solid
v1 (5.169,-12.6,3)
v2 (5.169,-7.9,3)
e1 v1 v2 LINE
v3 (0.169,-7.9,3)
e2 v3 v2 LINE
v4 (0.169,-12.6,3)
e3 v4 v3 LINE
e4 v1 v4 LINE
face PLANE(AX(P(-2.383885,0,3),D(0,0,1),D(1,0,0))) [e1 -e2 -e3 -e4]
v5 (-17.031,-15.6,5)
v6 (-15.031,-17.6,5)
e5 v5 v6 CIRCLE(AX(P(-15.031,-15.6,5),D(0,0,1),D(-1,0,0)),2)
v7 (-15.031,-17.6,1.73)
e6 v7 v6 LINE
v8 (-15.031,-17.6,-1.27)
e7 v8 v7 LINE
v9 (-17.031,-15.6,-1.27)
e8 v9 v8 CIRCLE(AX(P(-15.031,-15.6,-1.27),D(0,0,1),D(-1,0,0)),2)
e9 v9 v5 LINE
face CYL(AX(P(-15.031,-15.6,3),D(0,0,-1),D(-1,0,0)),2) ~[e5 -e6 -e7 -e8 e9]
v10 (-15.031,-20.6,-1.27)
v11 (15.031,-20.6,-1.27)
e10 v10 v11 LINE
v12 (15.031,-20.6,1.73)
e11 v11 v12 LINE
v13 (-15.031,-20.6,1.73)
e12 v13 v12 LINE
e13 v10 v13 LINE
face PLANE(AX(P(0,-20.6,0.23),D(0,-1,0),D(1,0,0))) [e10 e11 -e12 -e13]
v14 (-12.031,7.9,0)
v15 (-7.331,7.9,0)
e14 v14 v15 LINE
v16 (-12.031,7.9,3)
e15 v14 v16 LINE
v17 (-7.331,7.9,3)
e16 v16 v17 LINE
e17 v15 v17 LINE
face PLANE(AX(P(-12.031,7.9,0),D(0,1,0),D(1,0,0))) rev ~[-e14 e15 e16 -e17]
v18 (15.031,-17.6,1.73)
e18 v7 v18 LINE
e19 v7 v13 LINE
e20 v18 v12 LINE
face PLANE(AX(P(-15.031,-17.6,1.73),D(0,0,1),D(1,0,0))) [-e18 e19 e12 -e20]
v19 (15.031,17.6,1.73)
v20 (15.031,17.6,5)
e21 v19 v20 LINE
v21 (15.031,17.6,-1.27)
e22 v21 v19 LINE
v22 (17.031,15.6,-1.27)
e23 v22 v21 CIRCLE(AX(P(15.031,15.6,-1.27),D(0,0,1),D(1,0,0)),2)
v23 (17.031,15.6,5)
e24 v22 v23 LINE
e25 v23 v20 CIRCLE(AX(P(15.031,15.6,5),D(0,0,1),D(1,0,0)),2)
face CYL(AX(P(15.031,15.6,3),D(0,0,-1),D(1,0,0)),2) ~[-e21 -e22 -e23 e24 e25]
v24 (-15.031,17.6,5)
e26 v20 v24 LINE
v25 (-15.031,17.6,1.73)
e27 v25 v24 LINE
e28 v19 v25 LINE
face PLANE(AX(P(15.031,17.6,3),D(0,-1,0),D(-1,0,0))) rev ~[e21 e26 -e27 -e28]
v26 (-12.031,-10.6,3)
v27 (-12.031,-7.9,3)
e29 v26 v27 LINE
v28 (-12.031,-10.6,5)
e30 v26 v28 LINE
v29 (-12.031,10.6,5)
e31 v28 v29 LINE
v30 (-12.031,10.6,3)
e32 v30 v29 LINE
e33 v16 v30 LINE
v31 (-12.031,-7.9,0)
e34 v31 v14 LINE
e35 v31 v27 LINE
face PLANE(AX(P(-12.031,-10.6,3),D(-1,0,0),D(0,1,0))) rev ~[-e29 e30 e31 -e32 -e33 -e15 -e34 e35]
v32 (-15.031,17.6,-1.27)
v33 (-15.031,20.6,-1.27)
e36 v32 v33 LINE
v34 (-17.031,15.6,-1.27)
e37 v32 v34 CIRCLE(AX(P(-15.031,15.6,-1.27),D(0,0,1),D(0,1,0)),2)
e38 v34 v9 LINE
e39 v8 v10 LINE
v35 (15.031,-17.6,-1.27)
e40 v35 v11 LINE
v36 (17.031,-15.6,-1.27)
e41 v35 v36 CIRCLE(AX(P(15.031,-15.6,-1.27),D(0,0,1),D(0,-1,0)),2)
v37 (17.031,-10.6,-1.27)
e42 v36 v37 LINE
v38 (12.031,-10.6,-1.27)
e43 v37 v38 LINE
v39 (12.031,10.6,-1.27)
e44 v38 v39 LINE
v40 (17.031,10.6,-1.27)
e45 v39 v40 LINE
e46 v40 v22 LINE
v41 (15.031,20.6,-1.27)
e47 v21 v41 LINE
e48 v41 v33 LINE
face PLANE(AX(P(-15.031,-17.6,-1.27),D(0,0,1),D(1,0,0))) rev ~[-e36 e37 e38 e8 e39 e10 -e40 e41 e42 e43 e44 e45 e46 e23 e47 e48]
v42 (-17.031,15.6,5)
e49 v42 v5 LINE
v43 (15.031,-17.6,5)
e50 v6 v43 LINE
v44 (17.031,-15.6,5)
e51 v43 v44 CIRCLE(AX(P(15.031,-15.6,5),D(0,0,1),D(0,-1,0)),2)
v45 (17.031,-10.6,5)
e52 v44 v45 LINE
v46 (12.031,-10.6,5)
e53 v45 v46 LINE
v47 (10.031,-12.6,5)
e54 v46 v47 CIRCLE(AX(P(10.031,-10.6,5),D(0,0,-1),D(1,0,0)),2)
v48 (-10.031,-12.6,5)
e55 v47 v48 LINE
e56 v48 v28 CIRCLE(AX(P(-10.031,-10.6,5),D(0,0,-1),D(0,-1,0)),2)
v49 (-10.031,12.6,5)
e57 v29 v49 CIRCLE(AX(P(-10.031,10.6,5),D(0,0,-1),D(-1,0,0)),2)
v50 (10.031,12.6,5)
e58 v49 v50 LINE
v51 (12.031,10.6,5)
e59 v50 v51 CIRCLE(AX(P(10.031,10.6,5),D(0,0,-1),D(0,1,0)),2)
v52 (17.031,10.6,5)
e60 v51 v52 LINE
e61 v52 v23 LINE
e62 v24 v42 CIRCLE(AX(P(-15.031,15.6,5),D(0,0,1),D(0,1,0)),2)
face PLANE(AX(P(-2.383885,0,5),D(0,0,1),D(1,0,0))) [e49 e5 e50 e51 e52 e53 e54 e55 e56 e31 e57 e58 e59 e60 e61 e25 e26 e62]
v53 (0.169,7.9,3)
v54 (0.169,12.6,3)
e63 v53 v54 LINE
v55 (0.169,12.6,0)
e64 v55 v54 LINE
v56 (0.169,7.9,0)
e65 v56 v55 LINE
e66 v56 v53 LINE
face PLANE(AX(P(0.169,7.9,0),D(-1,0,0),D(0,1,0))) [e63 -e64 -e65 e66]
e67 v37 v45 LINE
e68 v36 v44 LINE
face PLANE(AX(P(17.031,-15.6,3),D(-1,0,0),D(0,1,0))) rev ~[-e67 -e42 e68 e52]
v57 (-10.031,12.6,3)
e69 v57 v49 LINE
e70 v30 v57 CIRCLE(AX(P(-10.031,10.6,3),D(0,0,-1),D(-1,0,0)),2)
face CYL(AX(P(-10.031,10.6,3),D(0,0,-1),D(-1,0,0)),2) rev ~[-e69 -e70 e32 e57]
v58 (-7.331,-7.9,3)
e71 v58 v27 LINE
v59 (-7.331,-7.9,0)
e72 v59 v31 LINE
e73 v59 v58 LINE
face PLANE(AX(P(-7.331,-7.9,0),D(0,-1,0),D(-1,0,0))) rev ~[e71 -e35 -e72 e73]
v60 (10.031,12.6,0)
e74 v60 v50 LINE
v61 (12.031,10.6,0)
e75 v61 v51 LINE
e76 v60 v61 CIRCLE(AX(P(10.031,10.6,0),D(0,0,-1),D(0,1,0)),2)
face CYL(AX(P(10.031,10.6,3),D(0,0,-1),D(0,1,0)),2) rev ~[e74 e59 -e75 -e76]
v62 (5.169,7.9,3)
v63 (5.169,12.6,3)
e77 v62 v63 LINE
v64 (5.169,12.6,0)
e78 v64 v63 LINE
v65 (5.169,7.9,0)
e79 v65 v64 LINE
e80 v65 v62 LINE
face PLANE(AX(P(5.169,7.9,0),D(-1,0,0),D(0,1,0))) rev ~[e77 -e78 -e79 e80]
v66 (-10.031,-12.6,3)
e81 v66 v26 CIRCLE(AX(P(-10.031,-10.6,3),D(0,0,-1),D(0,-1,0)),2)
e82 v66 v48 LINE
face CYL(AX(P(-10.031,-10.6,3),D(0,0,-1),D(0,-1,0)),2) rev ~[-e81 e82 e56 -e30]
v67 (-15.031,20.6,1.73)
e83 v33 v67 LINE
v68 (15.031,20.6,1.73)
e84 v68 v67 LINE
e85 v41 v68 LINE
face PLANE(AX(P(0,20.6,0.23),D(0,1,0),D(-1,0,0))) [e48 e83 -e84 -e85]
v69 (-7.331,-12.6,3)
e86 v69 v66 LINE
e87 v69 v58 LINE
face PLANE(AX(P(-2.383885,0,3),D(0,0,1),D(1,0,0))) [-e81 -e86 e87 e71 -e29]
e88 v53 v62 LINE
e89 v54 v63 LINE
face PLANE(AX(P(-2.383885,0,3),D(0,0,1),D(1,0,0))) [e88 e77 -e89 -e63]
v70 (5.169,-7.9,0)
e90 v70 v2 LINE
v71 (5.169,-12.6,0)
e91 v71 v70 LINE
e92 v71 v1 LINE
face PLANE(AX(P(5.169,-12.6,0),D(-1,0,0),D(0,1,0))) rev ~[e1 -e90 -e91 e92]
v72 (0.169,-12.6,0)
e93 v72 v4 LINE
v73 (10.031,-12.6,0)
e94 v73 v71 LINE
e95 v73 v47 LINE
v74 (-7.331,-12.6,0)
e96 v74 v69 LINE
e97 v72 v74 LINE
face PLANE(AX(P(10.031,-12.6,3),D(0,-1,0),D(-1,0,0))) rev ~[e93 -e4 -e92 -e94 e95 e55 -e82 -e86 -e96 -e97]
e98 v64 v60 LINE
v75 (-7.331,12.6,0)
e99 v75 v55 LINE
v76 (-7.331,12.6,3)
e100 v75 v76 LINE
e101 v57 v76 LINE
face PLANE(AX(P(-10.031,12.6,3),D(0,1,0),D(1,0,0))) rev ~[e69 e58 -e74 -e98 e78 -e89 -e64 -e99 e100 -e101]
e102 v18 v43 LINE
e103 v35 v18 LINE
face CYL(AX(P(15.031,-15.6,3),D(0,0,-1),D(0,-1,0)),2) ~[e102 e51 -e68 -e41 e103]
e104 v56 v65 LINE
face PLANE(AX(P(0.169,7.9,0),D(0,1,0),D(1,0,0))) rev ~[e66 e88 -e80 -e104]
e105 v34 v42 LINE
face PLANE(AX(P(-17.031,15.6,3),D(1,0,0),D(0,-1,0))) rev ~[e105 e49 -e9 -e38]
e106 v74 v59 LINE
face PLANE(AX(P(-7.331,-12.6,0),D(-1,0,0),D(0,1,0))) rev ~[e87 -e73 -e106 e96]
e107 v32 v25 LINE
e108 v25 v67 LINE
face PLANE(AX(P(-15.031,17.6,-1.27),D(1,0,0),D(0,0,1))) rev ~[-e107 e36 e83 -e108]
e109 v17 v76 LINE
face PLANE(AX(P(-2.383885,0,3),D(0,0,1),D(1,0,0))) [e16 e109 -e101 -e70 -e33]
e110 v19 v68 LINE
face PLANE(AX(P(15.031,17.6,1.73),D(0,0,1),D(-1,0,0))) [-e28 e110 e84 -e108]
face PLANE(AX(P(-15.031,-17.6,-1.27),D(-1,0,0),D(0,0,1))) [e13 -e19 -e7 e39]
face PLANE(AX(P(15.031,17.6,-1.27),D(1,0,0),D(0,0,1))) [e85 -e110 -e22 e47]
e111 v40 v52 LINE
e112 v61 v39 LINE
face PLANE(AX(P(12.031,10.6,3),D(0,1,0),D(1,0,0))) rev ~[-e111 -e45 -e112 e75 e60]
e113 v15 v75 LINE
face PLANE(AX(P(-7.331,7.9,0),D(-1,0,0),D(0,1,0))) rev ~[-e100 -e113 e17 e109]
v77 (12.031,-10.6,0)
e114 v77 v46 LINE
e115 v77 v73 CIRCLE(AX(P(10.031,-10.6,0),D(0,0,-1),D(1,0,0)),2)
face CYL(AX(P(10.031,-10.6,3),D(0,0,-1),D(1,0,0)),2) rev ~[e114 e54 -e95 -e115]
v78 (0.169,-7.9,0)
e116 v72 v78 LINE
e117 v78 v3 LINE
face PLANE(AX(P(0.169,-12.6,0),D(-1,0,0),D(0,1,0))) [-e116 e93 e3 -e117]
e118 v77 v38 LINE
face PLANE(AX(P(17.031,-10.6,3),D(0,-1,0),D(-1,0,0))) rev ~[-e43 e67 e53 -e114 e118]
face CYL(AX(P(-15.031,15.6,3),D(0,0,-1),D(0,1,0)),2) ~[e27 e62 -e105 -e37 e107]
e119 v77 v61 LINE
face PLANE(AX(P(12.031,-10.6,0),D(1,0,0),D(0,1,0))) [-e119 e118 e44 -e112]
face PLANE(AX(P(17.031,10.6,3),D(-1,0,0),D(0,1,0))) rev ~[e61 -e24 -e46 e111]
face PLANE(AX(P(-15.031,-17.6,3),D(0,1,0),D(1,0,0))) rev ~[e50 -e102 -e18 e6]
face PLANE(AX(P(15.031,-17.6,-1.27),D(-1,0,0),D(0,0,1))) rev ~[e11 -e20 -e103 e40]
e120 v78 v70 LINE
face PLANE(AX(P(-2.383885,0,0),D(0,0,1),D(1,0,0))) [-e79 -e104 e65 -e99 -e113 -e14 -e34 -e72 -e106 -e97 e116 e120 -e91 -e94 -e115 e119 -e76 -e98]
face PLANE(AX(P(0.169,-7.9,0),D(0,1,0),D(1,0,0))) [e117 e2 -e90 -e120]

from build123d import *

# Parameters (mm, degrees)
F0_W     = 5
F0_H     = 4.7
F1_DEPTH = 1.27
F2_DEPTH = 3
F4_DEPTH = 2
F5_W     = 30.062
F5_H     = 3
F6_DEPTH = 3
F7_W     = 30.062
F7_H     = 3
F8_DEPTH = 3


with BuildPart() as f1:
    # F0 (on Top) → F1 (new body)
    with BuildSketch(Plane.XY):
        with BuildLine():
            ThreePointArc((12.031, -10.6), (11.4452135624, -12.0142135624), (10.031, -12.6))
            Line((10.031, -12.6), (5.169, -12.6))
            Line((5.169, -12.6), (0.169, -12.6))
            Line((0.169, -12.6), (-7.331, -12.6))
            Line((-7.331, -12.6), (-10.031, -12.6))
            ThreePointArc((-10.031, -12.6), (-11.4452135624, -12.0142135624), (-12.031, -10.6))
            Line((-12.031, -10.6), (-12.031, -7.9))
            Line((-12.031, -7.9), (-12.031, 7.9))
            Line((-12.031, 7.9), (-12.031, 10.6))
            ThreePointArc((-12.031, 10.6), (-11.4452135624, 12.0142135624), (-10.031, 12.6))
            Line((-10.031, 12.6), (-7.331, 12.6))
            Line((-7.331, 12.6), (0.169, 12.6))
            Line((0.169, 12.6), (5.169, 12.6))
            Line((5.169, 12.6), (10.031, 12.6))
            ThreePointArc((10.031, 12.6), (11.4452135624, 12.0142135624), (12.031, 10.6))
            Line((12.031, 10.6), (17.031, 10.6))
            Line((17.031, 10.6), (17.031, 15.6))
            ThreePointArc((17.031, 15.6), (16.4452135624, 17.0142135624), (15.031, 17.6))
            Line((15.031, 17.6), (-15.031, 17.6))
            ThreePointArc((-15.031, 17.6), (-16.4452135624, 17.0142135624), (-17.031, 15.6))
            Line((-17.031, 15.6), (-17.031, -15.6))
            ThreePointArc((-17.031, -15.6), (-16.4452135624, -17.0142135624), (-15.031, -17.6))
            Line((-15.031, -17.6), (15.031, -17.6))
            ThreePointArc((15.031, -17.6), (16.4452135624, -17.0142135624), (17.031, -15.6))
            Line((17.031, -15.6), (17.031, -10.6))
            Line((17.031, -10.6), (12.031, -10.6))
        make_face()
        with BuildLine():
            Line((5.169, -12.6), (10.031, -12.6))
            ThreePointArc((10.031, -12.6), (11.4452135624, -12.0142135624), (12.031, -10.6))
            Line((12.031, -10.6), (12.031, -10.4))
            Line((12.031, -10.4), (12.031, 10.4))
            Line((12.031, 10.4), (12.031, 10.6))
            ThreePointArc((12.031, 10.6), (11.4452135624, 12.0142135624), (10.031, 12.6))
            Line((10.031, 12.6), (5.169, 12.6))
            Line((5.169, 12.6), (5.169, 7.9))
            Line((5.169, 7.9), (0.169, 7.9))
            Line((0.169, 7.9), (0.169, 12.6))
            Line((0.169, 12.6), (-7.331, 12.6))
            Line((-7.331, 12.6), (-7.331, 7.9))
            Line((-7.331, 7.9), (-12.031, 7.9))
            Line((-12.031, 7.9), (-12.031, -7.9))
            Line((-12.031, -7.9), (-7.331, -7.9))
            Line((-7.331, -7.9), (-7.331, -12.6))
            Line((-7.331, -12.6), (0.169, -12.6))
            Line((0.169, -12.6), (0.169, -7.9))
            Line((0.169, -7.9), (5.169, -7.9))
            Line((5.169, -7.9), (5.169, -12.6))
        make_face()
        with BuildLine():
            Line((-12.031, 10.6), (-12.031, 7.9))
            Line((-12.031, 7.9), (-7.331, 7.9))
            Line((-7.331, 7.9), (-7.331, 12.6))
            Line((-7.331, 12.6), (-10.031, 12.6))
            ThreePointArc((-10.031, 12.6), (-11.4452135624, 12.0142135624), (-12.031, 10.6))
        make_face()
        with Locations((2.669, 10.25)):
            Rectangle(F0_W, F0_H)
        with Locations((2.669, -10.25)):
            Rectangle(F0_W, F0_H)
        with BuildLine():
            Line((-10.031, -12.6), (-7.331, -12.6))
            Line((-7.331, -12.6), (-7.331, -7.9))
            Line((-7.331, -7.9), (-12.031, -7.9))
            Line((-12.031, -7.9), (-12.031, -10.6))
            ThreePointArc((-12.031, -10.6), (-11.4452135624, -12.0142135624), (-10.031, -12.6))
        make_face()
    extrude(amount=-F1_DEPTH)

    # F0 (on Top) → F2 (join)
    with BuildSketch(Plane.XY):
        with BuildLine():
            ThreePointArc((12.031, -10.6), (11.4452135624, -12.0142135624), (10.031, -12.6))
            Line((10.031, -12.6), (5.169, -12.6))
            Line((5.169, -12.6), (0.169, -12.6))
            Line((0.169, -12.6), (-7.331, -12.6))
            Line((-7.331, -12.6), (-10.031, -12.6))
            ThreePointArc((-10.031, -12.6), (-11.4452135624, -12.0142135624), (-12.031, -10.6))
            Line((-12.031, -10.6), (-12.031, -7.9))
            Line((-12.031, -7.9), (-12.031, 7.9))
            Line((-12.031, 7.9), (-12.031, 10.6))
            ThreePointArc((-12.031, 10.6), (-11.4452135624, 12.0142135624), (-10.031, 12.6))
            Line((-10.031, 12.6), (-7.331, 12.6))
            Line((-7.331, 12.6), (0.169, 12.6))
            Line((0.169, 12.6), (5.169, 12.6))
            Line((5.169, 12.6), (10.031, 12.6))
            ThreePointArc((10.031, 12.6), (11.4452135624, 12.0142135624), (12.031, 10.6))
            Line((12.031, 10.6), (17.031, 10.6))
            Line((17.031, 10.6), (17.031, 15.6))
            ThreePointArc((17.031, 15.6), (16.4452135624, 17.0142135624), (15.031, 17.6))
            Line((15.031, 17.6), (-15.031, 17.6))
            ThreePointArc((-15.031, 17.6), (-16.4452135624, 17.0142135624), (-17.031, 15.6))
            Line((-17.031, 15.6), (-17.031, -15.6))
            ThreePointArc((-17.031, -15.6), (-16.4452135624, -17.0142135624), (-15.031, -17.6))
            Line((-15.031, -17.6), (15.031, -17.6))
            ThreePointArc((15.031, -17.6), (16.4452135624, -17.0142135624), (17.031, -15.6))
            Line((17.031, -15.6), (17.031, -10.6))
            Line((17.031, -10.6), (12.031, -10.6))
        make_face()
        with BuildLine():
            Line((-12.031, 10.6), (-12.031, 7.9))
            Line((-12.031, 7.9), (-7.331, 7.9))
            Line((-7.331, 7.9), (-7.331, 12.6))
            Line((-7.331, 12.6), (-10.031, 12.6))
            ThreePointArc((-10.031, 12.6), (-11.4452135624, 12.0142135624), (-12.031, 10.6))
        make_face()
        with Locations((2.669, 10.25)):
            Rectangle(F0_W, F0_H)
        with Locations((2.669, -10.25)):
            Rectangle(F0_W, F0_H)
        with BuildLine():
            Line((-10.031, -12.6), (-7.331, -12.6))
            Line((-7.331, -12.6), (-7.331, -7.9))
            Line((-7.331, -7.9), (-12.031, -7.9))
            Line((-12.031, -7.9), (-12.031, -10.6))
            ThreePointArc((-12.031, -10.6), (-11.4452135624, -12.0142135624), (-10.031, -12.6))
        make_face()
    extrude(amount=F2_DEPTH)

    # F3 (on face) → F4 (join)
    with BuildSketch(Plane.XY.offset(3)):
        with BuildLine():
            ThreePointArc((-12.031, 10.6), (-11.4452135624, 12.0142135624), (-10.031, 12.6))
            Line((-10.031, 12.6), (-7.331, 12.6))
            Line((-7.331, 12.6), (0.169, 12.6))
            Line((0.169, 12.6), (5.169, 12.6))
            Line((5.169, 12.6), (10.031, 12.6))
            ThreePointArc((10.031, 12.6), (11.4452135624, 12.0142135624), (12.031, 10.6))
            Line((12.031, 10.6), (17.031, 10.6))
            Line((17.031, 10.6), (17.031, 15.6))
            ThreePointArc((17.031, 15.6), (16.4452135624, 17.0142135624), (15.031, 17.6))
            Line((15.031, 17.6), (-15.031, 17.6))
            ThreePointArc((-15.031, 17.6), (-16.4452135624, 17.0142135624), (-17.031, 15.6))
            Line((-17.031, 15.6), (-17.031, -15.6))
            ThreePointArc((-17.031, -15.6), (-16.4452135624, -17.0142135624), (-15.031, -17.6))
            Line((-15.031, -17.6), (15.031, -17.6))
            ThreePointArc((15.031, -17.6), (16.4452135624, -17.0142135624), (17.031, -15.6))
            Line((17.031, -15.6), (17.031, -10.6))
            Line((17.031, -10.6), (12.031, -10.6))
            ThreePointArc((12.031, -10.6), (11.4452135624, -12.0142135624), (10.031, -12.6))
            Line((10.031, -12.6), (5.169, -12.6))
            Line((5.169, -12.6), (0.169, -12.6))
            Line((0.169, -12.6), (-7.331, -12.6))
            Line((-7.331, -12.6), (-10.031, -12.6))
            ThreePointArc((-10.031, -12.6), (-11.4452135624, -12.0142135624), (-12.031, -10.6))
            Line((-12.031, -10.6), (-12.031, -7.9))
            Line((-12.031, -7.9), (-12.031, 7.9))
            Line((-12.031, 7.9), (-12.031, 10.6))
        make_face()
    extrude(amount=F4_DEPTH)

    # F5 (on face) → F6 (join)
    with BuildSketch(Plane(origin=(0, 17.6, 0), x_dir=(-1, 0, 0), z_dir=(0, 1, 0))):
        with Locations((0, 0.23)):
            Rectangle(F5_W, F5_H)
    extrude(amount=F6_DEPTH)

    # F7 (on face) → F8 (join)
    with BuildSketch(Plane.XZ.offset(17.6)):
        with Locations((0, 0.23)):
            Rectangle(F7_W, F7_H)
    extrude(amount=F8_DEPTH)


solid = f1.part
